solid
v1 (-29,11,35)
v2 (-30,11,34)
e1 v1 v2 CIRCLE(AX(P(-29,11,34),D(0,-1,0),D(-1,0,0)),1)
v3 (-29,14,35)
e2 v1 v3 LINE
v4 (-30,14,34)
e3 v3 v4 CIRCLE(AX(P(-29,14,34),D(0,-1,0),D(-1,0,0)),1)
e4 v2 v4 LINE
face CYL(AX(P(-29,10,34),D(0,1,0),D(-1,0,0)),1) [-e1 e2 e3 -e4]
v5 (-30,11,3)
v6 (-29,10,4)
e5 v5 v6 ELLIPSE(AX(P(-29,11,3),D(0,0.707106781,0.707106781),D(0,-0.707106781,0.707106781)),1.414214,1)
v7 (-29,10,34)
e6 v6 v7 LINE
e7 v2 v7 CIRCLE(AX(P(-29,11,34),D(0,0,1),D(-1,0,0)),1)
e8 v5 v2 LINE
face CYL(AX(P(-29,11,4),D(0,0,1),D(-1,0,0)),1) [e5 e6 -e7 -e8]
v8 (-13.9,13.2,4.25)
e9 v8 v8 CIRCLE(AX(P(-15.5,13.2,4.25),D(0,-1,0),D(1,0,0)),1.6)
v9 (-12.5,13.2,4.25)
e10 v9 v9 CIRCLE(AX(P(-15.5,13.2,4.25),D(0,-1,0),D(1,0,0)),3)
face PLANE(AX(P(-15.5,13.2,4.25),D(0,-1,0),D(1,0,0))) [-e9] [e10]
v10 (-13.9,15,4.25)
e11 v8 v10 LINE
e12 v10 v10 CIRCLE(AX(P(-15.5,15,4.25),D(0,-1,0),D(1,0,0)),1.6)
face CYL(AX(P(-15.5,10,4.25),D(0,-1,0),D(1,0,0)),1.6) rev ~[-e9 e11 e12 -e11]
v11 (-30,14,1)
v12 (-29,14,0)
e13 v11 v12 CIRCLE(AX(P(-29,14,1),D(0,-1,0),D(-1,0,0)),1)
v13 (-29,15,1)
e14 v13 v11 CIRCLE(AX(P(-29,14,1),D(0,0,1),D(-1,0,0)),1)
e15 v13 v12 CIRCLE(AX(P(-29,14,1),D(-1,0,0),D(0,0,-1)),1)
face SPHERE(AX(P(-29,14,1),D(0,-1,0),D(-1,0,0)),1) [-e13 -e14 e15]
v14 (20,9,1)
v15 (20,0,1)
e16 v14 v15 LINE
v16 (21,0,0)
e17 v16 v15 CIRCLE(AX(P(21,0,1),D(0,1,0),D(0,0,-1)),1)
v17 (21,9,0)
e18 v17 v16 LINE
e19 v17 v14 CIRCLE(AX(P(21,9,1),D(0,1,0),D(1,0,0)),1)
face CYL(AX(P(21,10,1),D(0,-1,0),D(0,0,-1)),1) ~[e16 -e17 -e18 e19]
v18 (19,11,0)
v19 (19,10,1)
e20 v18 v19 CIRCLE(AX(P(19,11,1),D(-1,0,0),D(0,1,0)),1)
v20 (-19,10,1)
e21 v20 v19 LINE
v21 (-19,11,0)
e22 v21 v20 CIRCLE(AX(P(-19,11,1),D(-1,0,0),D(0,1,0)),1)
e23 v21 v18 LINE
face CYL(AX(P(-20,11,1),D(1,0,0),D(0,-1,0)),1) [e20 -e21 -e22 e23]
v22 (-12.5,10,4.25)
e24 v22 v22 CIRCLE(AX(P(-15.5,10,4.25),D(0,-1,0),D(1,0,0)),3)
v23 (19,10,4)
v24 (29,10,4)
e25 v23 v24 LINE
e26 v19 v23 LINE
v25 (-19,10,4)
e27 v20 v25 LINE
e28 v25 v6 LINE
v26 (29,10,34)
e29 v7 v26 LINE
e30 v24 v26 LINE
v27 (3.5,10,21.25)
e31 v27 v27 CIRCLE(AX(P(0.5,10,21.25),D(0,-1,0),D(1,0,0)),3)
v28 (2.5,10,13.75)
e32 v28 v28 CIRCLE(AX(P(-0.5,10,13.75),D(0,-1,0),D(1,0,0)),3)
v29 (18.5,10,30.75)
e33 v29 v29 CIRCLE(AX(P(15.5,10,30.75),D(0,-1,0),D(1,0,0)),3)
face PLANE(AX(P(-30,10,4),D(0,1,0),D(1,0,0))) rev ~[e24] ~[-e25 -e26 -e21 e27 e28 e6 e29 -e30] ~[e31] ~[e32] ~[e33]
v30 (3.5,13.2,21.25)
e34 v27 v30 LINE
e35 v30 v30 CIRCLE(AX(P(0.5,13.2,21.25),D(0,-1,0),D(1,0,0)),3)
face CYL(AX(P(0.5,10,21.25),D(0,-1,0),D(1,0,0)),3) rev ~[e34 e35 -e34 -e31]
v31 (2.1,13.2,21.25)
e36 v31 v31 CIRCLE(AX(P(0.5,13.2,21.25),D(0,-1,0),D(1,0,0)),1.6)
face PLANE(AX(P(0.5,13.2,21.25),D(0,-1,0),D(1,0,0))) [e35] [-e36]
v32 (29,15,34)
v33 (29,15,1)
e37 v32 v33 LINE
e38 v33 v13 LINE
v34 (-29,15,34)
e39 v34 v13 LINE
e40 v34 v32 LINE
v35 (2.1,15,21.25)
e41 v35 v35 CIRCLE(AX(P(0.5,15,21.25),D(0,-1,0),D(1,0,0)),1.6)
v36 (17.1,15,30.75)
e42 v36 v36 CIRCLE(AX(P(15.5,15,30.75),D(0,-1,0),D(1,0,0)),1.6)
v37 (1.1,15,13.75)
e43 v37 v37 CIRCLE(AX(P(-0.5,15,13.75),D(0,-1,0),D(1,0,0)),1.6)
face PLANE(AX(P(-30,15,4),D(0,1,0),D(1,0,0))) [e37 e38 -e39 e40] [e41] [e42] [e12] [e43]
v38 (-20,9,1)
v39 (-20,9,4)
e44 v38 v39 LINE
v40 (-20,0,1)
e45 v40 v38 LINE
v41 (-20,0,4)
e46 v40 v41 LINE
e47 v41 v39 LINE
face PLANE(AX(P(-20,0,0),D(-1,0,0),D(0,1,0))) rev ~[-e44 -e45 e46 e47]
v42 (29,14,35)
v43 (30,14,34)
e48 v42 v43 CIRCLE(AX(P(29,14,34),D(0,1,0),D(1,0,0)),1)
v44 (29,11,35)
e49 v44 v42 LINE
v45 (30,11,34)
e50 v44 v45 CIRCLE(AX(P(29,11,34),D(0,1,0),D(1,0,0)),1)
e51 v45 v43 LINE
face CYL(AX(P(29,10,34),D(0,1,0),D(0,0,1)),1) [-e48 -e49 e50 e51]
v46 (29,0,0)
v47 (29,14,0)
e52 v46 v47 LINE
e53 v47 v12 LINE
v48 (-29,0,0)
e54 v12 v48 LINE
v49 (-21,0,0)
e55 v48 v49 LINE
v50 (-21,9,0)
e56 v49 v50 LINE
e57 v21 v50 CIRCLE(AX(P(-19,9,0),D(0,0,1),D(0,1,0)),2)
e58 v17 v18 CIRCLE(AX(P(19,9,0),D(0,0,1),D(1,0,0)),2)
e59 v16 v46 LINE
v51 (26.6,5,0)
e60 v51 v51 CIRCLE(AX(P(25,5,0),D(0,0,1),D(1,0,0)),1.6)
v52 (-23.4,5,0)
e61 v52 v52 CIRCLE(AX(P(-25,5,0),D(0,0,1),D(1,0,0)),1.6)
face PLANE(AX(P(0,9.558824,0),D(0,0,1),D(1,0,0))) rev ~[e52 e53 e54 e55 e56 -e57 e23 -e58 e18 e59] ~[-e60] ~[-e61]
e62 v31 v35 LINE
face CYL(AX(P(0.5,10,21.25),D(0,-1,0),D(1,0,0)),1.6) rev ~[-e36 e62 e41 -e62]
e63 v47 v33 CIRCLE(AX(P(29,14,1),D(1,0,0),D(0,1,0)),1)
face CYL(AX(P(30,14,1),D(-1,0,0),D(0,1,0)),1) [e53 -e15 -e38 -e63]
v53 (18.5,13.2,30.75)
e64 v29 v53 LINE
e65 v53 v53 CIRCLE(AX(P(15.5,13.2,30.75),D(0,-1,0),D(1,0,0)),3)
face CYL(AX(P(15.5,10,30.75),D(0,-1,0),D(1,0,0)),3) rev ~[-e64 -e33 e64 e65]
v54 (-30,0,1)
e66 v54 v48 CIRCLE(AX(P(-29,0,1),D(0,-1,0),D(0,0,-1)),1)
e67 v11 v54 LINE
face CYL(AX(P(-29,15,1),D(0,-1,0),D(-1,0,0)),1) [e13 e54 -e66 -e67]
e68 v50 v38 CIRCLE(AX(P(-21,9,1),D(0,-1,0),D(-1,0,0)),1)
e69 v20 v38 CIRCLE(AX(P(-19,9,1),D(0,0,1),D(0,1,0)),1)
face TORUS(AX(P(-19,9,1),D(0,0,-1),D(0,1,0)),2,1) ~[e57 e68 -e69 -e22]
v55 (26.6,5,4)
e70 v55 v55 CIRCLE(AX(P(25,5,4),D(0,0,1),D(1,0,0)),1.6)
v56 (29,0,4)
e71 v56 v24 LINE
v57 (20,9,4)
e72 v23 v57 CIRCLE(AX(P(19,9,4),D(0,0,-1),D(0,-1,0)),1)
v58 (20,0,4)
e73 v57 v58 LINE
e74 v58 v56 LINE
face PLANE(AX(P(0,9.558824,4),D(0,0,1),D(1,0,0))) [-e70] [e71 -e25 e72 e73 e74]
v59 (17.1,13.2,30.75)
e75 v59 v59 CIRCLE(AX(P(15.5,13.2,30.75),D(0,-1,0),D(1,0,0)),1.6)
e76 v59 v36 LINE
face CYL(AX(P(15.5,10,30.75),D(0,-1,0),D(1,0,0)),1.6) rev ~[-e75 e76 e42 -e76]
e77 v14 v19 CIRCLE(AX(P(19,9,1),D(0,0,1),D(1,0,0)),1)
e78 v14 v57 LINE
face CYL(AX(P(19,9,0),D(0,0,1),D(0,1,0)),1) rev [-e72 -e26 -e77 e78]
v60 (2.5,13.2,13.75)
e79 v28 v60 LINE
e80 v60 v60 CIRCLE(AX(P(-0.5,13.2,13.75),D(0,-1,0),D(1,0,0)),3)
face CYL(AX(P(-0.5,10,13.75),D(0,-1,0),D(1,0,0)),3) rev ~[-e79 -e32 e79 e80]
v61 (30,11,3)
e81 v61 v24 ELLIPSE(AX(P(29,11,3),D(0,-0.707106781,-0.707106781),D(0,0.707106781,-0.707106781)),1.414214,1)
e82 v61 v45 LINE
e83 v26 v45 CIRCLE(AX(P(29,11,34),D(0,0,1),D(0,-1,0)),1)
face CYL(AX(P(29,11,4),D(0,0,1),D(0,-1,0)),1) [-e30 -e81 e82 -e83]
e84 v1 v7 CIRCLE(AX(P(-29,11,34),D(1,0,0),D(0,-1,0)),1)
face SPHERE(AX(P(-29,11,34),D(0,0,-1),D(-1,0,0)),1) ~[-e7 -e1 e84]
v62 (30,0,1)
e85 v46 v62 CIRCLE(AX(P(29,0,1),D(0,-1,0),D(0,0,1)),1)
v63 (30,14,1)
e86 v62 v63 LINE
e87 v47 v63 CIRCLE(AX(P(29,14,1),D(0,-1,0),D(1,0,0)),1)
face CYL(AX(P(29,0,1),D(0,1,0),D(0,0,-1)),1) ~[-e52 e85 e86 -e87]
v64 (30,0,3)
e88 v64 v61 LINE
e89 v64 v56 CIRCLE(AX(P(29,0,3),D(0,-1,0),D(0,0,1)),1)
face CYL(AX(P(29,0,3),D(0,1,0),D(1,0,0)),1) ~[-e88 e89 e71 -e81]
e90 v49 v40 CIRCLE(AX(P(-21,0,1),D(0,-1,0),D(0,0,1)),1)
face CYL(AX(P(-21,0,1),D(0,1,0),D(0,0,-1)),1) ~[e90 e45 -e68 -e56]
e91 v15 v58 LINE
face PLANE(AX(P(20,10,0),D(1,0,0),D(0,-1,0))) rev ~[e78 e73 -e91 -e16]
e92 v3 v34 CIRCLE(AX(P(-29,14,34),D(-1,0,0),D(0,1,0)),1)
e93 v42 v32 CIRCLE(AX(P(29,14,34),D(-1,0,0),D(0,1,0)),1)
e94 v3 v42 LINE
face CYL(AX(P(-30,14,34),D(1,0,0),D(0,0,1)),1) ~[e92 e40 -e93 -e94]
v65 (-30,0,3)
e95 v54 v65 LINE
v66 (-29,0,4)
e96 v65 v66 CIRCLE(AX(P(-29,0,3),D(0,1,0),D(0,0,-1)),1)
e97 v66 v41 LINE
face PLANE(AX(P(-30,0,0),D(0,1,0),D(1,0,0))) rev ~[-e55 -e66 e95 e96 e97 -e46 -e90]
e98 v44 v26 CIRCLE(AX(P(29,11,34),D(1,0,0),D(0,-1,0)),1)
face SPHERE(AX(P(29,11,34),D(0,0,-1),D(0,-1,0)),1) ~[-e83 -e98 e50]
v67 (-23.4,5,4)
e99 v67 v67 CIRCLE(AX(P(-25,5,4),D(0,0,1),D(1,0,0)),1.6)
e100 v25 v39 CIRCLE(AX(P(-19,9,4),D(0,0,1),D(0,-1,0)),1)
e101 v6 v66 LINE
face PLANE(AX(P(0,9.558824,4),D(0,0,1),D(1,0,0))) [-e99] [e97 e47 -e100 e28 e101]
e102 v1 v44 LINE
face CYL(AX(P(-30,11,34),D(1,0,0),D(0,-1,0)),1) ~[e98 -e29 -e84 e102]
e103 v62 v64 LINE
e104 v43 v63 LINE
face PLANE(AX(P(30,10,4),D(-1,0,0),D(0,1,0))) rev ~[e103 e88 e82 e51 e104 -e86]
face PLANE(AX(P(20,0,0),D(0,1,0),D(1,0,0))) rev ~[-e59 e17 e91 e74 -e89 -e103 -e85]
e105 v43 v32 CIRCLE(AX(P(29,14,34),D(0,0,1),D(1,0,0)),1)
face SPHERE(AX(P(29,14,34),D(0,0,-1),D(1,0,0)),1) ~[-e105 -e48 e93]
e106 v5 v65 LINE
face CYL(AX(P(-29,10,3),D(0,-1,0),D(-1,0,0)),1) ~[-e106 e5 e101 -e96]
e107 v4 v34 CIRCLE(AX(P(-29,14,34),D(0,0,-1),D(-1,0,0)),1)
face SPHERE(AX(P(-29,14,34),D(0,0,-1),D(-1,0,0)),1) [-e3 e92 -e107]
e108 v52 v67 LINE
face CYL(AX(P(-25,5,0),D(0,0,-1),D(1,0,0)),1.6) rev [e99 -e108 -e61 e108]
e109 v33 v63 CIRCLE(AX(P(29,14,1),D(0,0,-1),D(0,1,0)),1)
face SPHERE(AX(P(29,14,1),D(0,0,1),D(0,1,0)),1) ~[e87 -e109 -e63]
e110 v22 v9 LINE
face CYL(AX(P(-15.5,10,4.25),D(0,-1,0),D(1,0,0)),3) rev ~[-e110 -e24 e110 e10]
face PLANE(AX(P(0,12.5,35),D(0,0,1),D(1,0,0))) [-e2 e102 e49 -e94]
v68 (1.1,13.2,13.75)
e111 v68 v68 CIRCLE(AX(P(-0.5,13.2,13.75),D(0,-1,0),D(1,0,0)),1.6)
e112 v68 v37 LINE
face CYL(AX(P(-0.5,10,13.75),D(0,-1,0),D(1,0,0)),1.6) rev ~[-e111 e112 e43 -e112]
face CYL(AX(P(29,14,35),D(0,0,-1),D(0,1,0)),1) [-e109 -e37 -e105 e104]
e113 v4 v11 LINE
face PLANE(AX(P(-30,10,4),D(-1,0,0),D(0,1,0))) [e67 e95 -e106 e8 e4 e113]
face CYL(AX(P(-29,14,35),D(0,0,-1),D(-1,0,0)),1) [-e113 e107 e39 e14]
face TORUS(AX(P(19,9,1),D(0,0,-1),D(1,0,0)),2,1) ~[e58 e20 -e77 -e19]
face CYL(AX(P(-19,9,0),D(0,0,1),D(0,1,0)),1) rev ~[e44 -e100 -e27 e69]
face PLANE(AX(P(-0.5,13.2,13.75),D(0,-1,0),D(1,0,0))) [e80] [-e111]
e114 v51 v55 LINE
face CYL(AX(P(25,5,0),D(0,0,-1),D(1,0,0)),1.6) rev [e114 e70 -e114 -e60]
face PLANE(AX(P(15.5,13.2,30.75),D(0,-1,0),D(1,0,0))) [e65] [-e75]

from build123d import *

# Parameters (mm, degrees)
SKETCH_1_R          = 1.6
EXTRUDE_1_DEPTH     = 4
SKETCH_2_W          = 60
SKETCH_2_H          = 5
EXTRUDE_2_DEPTH     = 31
SKETCH_8_R          = 1.6
CUT_EXTRUDE_1_DEPTH = 48.16990566
SKETCH_9_R          = 3
CUT_EXTRUDE_2_DEPTH = 3.2
FILLET_2_R          = 1


with BuildPart() as part:
    # 草图1 → 凸台-拉伸1 (new body)
    with BuildSketch(Plane.XY):
        Polygon((20, 0), (30, 0), (30, 15), (-30, 15), (-30, 0), (-20, 0), (-20, 10), (20, 10), align=None)
        with Locations((-25, 5)):
            Circle(SKETCH_1_R, mode=Mode.SUBTRACT)
        with Locations((25, 5)):
            Circle(SKETCH_1_R, mode=Mode.SUBTRACT)
    extrude(amount=EXTRUDE_1_DEPTH)

    # 草图2 → 凸台-拉伸2 (add)
    with BuildSketch(Plane.XY.offset(4)):
        with Locations((0, 12.5)):
            Rectangle(SKETCH_2_W, SKETCH_2_H)
    extrude(amount=EXTRUDE_2_DEPTH)

    # 草图8 → 切除-拉伸1 (cut, through all)
    with BuildSketch(Plane.XZ.offset(-10)):
        with Locations((-15.5, 4.25)):
            Circle(SKETCH_8_R)
        with Locations((-0.5, 13.75)):
            Circle(SKETCH_8_R)
        with Locations((0.5, 21.25)):
            Circle(SKETCH_8_R)
        with Locations((15.5, 30.75)):
            Circle(SKETCH_8_R)
    extrude(amount=-CUT_EXTRUDE_1_DEPTH, mode=Mode.SUBTRACT)

    # 草图9 → 切除-拉伸2 (cut)
    with BuildSketch(Plane.XZ.offset(-10)):
        with Locations((-15.5, 4.25)):
            Circle(SKETCH_9_R)
        with Locations((-0.5, 13.75)):
            Circle(SKETCH_9_R)
        with Locations((0.5, 21.25)):
            Circle(SKETCH_9_R)
        with Locations((15.5, 30.75)):
            Circle(SKETCH_9_R)
    extrude(amount=-CUT_EXTRUDE_2_DEPTH, mode=Mode.SUBTRACT)

    # 圆角2
    fillet_2_edges = [part.edges().sort_by_distance(p)[0] for p in [
        (0, 10, 0),
        (-20, 5, 0),
        (-30, 7.5, 0),
        (-30, 15, 17.5),
        (30, 15, 17.5),
        (20, 10, 2),
        (-20, 10, 2),
        (30, 5, 4),
        (-30, 5, 4),
        (-30, 10, 19.5),
        (30, 10, 19.5),
        (-30, 12.5, 35),
        (0, 10, 35),
        (30, 12.5, 35),
        (0, 15, 35),
        (0, 15, 0),
        (30, 7.5, 0),
        (20, 5, 0),
    ]]
    fillet(fillet_2_edges, radius=FILLET_2_R)


solid = part.part
